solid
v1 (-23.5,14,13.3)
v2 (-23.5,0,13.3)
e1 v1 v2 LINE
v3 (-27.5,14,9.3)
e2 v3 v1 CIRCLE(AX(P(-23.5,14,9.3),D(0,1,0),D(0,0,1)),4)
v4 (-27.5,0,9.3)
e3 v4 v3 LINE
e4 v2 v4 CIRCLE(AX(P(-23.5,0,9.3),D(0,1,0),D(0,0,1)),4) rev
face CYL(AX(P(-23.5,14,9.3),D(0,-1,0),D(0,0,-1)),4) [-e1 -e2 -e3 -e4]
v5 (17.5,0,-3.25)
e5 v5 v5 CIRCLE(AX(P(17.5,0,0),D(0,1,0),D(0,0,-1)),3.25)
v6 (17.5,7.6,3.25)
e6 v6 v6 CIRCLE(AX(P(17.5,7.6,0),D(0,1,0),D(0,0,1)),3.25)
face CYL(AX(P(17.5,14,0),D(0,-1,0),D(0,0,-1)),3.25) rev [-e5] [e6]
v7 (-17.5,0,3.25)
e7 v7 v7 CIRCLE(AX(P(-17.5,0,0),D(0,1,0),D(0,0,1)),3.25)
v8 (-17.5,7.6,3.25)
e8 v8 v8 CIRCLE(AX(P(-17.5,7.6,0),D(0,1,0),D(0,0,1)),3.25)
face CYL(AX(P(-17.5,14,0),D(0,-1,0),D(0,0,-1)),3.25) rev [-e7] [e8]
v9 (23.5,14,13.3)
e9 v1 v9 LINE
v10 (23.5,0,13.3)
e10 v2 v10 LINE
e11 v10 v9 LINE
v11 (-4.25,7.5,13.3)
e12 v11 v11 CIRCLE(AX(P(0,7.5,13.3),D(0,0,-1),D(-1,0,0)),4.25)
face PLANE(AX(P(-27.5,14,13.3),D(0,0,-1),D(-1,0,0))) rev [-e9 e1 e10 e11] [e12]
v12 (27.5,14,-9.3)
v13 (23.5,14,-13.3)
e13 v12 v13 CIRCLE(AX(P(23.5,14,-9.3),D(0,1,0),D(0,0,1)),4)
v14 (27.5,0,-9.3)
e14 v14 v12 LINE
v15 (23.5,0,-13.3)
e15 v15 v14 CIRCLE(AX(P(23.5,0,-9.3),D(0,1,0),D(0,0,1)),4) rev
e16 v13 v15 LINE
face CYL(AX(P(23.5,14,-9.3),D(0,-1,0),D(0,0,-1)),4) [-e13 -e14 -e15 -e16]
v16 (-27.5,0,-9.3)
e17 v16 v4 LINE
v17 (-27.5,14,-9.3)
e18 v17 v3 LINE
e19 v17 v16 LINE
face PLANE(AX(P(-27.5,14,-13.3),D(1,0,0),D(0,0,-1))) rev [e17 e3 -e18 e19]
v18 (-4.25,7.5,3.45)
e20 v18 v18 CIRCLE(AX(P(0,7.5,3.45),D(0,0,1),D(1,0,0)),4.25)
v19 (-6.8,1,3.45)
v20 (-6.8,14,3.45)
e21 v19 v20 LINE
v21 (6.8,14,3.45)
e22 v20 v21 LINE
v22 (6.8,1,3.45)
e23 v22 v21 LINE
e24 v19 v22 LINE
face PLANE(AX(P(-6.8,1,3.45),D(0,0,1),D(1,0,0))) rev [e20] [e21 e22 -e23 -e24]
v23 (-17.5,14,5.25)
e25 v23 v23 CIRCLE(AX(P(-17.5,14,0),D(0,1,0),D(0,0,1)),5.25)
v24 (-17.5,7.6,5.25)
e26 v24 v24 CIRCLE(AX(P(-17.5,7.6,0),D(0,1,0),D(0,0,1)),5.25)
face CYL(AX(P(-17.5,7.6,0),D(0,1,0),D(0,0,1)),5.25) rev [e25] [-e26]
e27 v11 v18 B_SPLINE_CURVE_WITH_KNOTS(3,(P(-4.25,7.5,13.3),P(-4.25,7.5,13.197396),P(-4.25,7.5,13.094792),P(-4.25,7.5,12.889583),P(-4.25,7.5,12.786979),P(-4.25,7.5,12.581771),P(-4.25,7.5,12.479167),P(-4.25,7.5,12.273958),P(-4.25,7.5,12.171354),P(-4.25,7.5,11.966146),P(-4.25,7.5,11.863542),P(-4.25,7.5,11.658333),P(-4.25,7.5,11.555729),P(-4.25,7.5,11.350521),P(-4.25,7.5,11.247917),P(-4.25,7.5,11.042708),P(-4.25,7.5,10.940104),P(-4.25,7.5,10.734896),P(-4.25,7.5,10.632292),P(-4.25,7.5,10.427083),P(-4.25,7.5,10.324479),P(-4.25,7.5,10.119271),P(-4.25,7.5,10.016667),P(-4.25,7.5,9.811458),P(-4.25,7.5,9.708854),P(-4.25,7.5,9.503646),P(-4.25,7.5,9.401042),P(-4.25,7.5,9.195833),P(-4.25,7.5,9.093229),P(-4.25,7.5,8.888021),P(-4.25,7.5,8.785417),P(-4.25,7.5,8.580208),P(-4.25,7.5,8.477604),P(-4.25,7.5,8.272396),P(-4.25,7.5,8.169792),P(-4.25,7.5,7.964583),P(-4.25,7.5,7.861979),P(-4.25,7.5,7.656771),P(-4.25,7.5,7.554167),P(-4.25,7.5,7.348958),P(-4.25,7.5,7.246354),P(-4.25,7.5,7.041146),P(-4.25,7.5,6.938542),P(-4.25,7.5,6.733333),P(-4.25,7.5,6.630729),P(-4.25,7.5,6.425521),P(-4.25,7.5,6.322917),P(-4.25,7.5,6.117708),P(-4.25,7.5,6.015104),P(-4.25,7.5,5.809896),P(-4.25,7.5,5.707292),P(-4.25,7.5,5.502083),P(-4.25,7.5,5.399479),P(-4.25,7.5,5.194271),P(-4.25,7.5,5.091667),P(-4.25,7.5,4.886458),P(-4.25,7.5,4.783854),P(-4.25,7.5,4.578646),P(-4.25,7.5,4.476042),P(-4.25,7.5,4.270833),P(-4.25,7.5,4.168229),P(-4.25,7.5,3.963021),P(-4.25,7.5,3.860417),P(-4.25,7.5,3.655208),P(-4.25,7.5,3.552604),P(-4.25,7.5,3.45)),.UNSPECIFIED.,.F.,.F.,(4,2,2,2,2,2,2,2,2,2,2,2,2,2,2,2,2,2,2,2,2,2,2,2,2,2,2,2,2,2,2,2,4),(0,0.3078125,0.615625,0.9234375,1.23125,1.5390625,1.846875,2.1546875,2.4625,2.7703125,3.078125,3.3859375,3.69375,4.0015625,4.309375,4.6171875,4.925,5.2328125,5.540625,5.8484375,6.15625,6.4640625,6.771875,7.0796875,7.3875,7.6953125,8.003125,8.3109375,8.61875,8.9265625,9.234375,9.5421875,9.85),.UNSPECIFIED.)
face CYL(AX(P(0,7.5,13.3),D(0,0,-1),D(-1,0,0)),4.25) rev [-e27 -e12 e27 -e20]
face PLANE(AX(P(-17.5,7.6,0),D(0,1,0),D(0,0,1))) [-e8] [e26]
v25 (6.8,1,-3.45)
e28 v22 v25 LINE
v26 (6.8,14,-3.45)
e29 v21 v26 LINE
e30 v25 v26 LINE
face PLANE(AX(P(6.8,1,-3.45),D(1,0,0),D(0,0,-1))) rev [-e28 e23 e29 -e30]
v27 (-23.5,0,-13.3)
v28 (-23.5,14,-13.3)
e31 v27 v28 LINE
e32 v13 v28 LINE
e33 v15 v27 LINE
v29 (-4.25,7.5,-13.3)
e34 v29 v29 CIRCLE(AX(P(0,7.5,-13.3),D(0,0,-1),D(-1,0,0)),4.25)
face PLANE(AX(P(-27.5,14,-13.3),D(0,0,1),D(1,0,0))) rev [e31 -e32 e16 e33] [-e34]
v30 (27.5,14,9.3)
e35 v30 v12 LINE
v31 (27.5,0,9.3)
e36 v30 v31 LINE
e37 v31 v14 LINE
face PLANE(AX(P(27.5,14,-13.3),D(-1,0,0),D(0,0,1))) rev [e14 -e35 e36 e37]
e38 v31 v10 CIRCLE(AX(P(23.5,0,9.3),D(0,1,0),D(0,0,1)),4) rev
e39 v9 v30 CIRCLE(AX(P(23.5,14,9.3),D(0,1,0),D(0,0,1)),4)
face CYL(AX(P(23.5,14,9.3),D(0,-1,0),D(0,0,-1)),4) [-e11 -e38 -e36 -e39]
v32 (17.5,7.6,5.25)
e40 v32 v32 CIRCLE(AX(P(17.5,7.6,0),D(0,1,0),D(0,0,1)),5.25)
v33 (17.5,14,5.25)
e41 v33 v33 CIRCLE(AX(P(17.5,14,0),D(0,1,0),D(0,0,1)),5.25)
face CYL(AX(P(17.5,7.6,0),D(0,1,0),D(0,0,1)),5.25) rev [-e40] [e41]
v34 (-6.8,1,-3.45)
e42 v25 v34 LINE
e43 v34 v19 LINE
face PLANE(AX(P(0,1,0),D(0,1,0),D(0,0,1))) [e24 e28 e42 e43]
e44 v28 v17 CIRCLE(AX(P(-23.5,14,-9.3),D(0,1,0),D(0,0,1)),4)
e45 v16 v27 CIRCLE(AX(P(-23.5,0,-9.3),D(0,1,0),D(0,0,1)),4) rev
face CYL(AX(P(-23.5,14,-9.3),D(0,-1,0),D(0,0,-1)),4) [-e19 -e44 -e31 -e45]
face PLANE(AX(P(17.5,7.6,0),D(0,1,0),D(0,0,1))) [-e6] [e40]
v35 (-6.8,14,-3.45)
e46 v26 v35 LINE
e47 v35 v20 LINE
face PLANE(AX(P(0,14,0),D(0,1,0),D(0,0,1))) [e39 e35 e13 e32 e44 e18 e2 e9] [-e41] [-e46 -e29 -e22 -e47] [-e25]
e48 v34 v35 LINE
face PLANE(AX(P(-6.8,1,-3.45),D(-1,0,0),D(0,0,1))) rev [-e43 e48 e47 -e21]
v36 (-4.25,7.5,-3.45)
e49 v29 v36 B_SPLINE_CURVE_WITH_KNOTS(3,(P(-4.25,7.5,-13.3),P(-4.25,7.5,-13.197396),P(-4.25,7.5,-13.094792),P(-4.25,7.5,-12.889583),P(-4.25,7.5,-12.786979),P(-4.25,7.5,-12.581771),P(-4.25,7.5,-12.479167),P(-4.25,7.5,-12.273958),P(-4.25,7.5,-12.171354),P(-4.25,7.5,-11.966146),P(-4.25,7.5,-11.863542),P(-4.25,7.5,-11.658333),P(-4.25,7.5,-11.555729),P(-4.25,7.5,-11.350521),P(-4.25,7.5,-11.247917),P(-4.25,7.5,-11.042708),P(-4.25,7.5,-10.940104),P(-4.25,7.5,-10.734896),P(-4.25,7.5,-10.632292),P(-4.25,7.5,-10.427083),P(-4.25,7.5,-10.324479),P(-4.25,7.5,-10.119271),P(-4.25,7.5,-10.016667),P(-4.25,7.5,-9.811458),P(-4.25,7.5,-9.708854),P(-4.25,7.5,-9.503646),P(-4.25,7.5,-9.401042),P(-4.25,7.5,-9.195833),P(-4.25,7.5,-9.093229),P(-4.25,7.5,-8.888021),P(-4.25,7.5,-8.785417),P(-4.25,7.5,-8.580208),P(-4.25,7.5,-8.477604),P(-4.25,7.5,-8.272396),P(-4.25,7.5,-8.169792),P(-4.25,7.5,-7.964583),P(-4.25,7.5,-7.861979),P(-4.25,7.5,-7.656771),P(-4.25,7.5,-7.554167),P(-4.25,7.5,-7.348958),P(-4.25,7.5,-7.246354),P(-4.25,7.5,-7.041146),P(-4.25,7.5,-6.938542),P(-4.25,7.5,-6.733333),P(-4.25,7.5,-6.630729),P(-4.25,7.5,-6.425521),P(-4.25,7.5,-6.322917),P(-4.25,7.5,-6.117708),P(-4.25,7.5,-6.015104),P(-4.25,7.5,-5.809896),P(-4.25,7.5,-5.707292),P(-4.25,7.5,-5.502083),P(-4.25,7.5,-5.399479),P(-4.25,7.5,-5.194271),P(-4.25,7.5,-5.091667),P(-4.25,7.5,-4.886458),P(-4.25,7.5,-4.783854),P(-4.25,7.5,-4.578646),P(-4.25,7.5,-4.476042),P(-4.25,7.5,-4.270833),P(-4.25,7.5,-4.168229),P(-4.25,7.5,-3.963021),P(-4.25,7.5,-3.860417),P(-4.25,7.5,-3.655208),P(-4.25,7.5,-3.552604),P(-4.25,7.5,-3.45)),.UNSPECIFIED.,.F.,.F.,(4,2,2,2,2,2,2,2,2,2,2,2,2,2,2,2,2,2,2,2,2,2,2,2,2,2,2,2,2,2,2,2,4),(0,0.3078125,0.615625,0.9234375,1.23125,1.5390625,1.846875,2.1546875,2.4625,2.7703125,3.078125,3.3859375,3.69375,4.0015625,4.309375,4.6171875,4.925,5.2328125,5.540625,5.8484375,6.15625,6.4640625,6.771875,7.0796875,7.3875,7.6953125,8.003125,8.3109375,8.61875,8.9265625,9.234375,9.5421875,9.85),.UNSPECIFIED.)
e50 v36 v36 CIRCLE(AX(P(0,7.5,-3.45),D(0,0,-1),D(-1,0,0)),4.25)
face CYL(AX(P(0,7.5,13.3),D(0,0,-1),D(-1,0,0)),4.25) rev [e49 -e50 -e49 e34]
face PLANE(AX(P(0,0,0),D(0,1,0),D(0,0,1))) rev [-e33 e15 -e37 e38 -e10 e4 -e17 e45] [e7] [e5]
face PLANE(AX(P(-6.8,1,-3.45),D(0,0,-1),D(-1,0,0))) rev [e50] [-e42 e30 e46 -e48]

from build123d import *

# Parameters (mm, degrees)
SKETCH1_W           = 55
SKETCH1_H           = 26.6
SKETCH1_R           = 3.25
BOSS_EXTRUDE1_DEPTH = 14
SKETCH3_W           = 13.6
SKETCH3_H           = 6.9
CUT_EXTRUDE1_DEPTH  = 13
SKETCH4_R           = 4.25
CUT_EXTRUDE2_DEPTH  = 41.740765825
SKETCH5_R           = 5.25
CUT_EXTRUDE3_DEPTH  = 6.4
FILLET1_R           = 4


with BuildPart() as part:
    # Sketch1 → Boss-Extrude1 (new body)
    with BuildSketch(Plane(origin=(0, 0, 0), x_dir=(1, 0, 0), z_dir=(0, 1, 0))):
        Rectangle(SKETCH1_W, SKETCH1_H)
        with Locations(Location((-17.5, 0, 0), (0, 0, 270))):
            Circle(SKETCH1_R, mode=Mode.SUBTRACT)
        with Locations(Location((17.5, 0, 0), (0, 0, 90))):
            Circle(SKETCH1_R, mode=Mode.SUBTRACT)
    extrude(amount=BOSS_EXTRUDE1_DEPTH)

    # Sketch3 → Cut-Extrude1 (cut)
    with BuildSketch(Plane(origin=(0, 14, 0), x_dir=(1, 0, 0), z_dir=(0, 1, 0))):
        Rectangle(SKETCH3_W, SKETCH3_H)
    extrude(amount=-CUT_EXTRUDE1_DEPTH, mode=Mode.SUBTRACT)

    # Sketch4 → Cut-Extrude2 (cut, through all)
    with BuildSketch(Plane(origin=(0, 0, -13.3), x_dir=(-1, 0, 0), z_dir=(0, 0, -1))):
        with Locations((0, 7.5)):
            Circle(SKETCH4_R)
    extrude(amount=-CUT_EXTRUDE2_DEPTH, mode=Mode.SUBTRACT)

    # Sketch5 → Cut-Extrude3 (cut)
    with BuildSketch(Plane(origin=(0, 14, 0), x_dir=(1, 0, 0), z_dir=(0, 1, 0))):
        with Locations(Location((-17.5, 0, 0), (0, 0, 270))):
            Circle(SKETCH5_R)
        with Locations(Location((17.5, 0, 0), (0, 0, 270))):
            Circle(SKETCH5_R)
    extrude(amount=-CUT_EXTRUDE3_DEPTH, mode=Mode.SUBTRACT)

    # Fillet1
    fillet1_edges = [part.edges().sort_by_distance(p)[0] for p in [
        (27.5, 7, 13.3),
        (-27.5, 7, 13.3),
        (-27.5, 7, -13.3),
        (27.5, 7, -13.3),
    ]]
    fillet(fillet1_edges, radius=FILLET1_R)


solid = part.part
